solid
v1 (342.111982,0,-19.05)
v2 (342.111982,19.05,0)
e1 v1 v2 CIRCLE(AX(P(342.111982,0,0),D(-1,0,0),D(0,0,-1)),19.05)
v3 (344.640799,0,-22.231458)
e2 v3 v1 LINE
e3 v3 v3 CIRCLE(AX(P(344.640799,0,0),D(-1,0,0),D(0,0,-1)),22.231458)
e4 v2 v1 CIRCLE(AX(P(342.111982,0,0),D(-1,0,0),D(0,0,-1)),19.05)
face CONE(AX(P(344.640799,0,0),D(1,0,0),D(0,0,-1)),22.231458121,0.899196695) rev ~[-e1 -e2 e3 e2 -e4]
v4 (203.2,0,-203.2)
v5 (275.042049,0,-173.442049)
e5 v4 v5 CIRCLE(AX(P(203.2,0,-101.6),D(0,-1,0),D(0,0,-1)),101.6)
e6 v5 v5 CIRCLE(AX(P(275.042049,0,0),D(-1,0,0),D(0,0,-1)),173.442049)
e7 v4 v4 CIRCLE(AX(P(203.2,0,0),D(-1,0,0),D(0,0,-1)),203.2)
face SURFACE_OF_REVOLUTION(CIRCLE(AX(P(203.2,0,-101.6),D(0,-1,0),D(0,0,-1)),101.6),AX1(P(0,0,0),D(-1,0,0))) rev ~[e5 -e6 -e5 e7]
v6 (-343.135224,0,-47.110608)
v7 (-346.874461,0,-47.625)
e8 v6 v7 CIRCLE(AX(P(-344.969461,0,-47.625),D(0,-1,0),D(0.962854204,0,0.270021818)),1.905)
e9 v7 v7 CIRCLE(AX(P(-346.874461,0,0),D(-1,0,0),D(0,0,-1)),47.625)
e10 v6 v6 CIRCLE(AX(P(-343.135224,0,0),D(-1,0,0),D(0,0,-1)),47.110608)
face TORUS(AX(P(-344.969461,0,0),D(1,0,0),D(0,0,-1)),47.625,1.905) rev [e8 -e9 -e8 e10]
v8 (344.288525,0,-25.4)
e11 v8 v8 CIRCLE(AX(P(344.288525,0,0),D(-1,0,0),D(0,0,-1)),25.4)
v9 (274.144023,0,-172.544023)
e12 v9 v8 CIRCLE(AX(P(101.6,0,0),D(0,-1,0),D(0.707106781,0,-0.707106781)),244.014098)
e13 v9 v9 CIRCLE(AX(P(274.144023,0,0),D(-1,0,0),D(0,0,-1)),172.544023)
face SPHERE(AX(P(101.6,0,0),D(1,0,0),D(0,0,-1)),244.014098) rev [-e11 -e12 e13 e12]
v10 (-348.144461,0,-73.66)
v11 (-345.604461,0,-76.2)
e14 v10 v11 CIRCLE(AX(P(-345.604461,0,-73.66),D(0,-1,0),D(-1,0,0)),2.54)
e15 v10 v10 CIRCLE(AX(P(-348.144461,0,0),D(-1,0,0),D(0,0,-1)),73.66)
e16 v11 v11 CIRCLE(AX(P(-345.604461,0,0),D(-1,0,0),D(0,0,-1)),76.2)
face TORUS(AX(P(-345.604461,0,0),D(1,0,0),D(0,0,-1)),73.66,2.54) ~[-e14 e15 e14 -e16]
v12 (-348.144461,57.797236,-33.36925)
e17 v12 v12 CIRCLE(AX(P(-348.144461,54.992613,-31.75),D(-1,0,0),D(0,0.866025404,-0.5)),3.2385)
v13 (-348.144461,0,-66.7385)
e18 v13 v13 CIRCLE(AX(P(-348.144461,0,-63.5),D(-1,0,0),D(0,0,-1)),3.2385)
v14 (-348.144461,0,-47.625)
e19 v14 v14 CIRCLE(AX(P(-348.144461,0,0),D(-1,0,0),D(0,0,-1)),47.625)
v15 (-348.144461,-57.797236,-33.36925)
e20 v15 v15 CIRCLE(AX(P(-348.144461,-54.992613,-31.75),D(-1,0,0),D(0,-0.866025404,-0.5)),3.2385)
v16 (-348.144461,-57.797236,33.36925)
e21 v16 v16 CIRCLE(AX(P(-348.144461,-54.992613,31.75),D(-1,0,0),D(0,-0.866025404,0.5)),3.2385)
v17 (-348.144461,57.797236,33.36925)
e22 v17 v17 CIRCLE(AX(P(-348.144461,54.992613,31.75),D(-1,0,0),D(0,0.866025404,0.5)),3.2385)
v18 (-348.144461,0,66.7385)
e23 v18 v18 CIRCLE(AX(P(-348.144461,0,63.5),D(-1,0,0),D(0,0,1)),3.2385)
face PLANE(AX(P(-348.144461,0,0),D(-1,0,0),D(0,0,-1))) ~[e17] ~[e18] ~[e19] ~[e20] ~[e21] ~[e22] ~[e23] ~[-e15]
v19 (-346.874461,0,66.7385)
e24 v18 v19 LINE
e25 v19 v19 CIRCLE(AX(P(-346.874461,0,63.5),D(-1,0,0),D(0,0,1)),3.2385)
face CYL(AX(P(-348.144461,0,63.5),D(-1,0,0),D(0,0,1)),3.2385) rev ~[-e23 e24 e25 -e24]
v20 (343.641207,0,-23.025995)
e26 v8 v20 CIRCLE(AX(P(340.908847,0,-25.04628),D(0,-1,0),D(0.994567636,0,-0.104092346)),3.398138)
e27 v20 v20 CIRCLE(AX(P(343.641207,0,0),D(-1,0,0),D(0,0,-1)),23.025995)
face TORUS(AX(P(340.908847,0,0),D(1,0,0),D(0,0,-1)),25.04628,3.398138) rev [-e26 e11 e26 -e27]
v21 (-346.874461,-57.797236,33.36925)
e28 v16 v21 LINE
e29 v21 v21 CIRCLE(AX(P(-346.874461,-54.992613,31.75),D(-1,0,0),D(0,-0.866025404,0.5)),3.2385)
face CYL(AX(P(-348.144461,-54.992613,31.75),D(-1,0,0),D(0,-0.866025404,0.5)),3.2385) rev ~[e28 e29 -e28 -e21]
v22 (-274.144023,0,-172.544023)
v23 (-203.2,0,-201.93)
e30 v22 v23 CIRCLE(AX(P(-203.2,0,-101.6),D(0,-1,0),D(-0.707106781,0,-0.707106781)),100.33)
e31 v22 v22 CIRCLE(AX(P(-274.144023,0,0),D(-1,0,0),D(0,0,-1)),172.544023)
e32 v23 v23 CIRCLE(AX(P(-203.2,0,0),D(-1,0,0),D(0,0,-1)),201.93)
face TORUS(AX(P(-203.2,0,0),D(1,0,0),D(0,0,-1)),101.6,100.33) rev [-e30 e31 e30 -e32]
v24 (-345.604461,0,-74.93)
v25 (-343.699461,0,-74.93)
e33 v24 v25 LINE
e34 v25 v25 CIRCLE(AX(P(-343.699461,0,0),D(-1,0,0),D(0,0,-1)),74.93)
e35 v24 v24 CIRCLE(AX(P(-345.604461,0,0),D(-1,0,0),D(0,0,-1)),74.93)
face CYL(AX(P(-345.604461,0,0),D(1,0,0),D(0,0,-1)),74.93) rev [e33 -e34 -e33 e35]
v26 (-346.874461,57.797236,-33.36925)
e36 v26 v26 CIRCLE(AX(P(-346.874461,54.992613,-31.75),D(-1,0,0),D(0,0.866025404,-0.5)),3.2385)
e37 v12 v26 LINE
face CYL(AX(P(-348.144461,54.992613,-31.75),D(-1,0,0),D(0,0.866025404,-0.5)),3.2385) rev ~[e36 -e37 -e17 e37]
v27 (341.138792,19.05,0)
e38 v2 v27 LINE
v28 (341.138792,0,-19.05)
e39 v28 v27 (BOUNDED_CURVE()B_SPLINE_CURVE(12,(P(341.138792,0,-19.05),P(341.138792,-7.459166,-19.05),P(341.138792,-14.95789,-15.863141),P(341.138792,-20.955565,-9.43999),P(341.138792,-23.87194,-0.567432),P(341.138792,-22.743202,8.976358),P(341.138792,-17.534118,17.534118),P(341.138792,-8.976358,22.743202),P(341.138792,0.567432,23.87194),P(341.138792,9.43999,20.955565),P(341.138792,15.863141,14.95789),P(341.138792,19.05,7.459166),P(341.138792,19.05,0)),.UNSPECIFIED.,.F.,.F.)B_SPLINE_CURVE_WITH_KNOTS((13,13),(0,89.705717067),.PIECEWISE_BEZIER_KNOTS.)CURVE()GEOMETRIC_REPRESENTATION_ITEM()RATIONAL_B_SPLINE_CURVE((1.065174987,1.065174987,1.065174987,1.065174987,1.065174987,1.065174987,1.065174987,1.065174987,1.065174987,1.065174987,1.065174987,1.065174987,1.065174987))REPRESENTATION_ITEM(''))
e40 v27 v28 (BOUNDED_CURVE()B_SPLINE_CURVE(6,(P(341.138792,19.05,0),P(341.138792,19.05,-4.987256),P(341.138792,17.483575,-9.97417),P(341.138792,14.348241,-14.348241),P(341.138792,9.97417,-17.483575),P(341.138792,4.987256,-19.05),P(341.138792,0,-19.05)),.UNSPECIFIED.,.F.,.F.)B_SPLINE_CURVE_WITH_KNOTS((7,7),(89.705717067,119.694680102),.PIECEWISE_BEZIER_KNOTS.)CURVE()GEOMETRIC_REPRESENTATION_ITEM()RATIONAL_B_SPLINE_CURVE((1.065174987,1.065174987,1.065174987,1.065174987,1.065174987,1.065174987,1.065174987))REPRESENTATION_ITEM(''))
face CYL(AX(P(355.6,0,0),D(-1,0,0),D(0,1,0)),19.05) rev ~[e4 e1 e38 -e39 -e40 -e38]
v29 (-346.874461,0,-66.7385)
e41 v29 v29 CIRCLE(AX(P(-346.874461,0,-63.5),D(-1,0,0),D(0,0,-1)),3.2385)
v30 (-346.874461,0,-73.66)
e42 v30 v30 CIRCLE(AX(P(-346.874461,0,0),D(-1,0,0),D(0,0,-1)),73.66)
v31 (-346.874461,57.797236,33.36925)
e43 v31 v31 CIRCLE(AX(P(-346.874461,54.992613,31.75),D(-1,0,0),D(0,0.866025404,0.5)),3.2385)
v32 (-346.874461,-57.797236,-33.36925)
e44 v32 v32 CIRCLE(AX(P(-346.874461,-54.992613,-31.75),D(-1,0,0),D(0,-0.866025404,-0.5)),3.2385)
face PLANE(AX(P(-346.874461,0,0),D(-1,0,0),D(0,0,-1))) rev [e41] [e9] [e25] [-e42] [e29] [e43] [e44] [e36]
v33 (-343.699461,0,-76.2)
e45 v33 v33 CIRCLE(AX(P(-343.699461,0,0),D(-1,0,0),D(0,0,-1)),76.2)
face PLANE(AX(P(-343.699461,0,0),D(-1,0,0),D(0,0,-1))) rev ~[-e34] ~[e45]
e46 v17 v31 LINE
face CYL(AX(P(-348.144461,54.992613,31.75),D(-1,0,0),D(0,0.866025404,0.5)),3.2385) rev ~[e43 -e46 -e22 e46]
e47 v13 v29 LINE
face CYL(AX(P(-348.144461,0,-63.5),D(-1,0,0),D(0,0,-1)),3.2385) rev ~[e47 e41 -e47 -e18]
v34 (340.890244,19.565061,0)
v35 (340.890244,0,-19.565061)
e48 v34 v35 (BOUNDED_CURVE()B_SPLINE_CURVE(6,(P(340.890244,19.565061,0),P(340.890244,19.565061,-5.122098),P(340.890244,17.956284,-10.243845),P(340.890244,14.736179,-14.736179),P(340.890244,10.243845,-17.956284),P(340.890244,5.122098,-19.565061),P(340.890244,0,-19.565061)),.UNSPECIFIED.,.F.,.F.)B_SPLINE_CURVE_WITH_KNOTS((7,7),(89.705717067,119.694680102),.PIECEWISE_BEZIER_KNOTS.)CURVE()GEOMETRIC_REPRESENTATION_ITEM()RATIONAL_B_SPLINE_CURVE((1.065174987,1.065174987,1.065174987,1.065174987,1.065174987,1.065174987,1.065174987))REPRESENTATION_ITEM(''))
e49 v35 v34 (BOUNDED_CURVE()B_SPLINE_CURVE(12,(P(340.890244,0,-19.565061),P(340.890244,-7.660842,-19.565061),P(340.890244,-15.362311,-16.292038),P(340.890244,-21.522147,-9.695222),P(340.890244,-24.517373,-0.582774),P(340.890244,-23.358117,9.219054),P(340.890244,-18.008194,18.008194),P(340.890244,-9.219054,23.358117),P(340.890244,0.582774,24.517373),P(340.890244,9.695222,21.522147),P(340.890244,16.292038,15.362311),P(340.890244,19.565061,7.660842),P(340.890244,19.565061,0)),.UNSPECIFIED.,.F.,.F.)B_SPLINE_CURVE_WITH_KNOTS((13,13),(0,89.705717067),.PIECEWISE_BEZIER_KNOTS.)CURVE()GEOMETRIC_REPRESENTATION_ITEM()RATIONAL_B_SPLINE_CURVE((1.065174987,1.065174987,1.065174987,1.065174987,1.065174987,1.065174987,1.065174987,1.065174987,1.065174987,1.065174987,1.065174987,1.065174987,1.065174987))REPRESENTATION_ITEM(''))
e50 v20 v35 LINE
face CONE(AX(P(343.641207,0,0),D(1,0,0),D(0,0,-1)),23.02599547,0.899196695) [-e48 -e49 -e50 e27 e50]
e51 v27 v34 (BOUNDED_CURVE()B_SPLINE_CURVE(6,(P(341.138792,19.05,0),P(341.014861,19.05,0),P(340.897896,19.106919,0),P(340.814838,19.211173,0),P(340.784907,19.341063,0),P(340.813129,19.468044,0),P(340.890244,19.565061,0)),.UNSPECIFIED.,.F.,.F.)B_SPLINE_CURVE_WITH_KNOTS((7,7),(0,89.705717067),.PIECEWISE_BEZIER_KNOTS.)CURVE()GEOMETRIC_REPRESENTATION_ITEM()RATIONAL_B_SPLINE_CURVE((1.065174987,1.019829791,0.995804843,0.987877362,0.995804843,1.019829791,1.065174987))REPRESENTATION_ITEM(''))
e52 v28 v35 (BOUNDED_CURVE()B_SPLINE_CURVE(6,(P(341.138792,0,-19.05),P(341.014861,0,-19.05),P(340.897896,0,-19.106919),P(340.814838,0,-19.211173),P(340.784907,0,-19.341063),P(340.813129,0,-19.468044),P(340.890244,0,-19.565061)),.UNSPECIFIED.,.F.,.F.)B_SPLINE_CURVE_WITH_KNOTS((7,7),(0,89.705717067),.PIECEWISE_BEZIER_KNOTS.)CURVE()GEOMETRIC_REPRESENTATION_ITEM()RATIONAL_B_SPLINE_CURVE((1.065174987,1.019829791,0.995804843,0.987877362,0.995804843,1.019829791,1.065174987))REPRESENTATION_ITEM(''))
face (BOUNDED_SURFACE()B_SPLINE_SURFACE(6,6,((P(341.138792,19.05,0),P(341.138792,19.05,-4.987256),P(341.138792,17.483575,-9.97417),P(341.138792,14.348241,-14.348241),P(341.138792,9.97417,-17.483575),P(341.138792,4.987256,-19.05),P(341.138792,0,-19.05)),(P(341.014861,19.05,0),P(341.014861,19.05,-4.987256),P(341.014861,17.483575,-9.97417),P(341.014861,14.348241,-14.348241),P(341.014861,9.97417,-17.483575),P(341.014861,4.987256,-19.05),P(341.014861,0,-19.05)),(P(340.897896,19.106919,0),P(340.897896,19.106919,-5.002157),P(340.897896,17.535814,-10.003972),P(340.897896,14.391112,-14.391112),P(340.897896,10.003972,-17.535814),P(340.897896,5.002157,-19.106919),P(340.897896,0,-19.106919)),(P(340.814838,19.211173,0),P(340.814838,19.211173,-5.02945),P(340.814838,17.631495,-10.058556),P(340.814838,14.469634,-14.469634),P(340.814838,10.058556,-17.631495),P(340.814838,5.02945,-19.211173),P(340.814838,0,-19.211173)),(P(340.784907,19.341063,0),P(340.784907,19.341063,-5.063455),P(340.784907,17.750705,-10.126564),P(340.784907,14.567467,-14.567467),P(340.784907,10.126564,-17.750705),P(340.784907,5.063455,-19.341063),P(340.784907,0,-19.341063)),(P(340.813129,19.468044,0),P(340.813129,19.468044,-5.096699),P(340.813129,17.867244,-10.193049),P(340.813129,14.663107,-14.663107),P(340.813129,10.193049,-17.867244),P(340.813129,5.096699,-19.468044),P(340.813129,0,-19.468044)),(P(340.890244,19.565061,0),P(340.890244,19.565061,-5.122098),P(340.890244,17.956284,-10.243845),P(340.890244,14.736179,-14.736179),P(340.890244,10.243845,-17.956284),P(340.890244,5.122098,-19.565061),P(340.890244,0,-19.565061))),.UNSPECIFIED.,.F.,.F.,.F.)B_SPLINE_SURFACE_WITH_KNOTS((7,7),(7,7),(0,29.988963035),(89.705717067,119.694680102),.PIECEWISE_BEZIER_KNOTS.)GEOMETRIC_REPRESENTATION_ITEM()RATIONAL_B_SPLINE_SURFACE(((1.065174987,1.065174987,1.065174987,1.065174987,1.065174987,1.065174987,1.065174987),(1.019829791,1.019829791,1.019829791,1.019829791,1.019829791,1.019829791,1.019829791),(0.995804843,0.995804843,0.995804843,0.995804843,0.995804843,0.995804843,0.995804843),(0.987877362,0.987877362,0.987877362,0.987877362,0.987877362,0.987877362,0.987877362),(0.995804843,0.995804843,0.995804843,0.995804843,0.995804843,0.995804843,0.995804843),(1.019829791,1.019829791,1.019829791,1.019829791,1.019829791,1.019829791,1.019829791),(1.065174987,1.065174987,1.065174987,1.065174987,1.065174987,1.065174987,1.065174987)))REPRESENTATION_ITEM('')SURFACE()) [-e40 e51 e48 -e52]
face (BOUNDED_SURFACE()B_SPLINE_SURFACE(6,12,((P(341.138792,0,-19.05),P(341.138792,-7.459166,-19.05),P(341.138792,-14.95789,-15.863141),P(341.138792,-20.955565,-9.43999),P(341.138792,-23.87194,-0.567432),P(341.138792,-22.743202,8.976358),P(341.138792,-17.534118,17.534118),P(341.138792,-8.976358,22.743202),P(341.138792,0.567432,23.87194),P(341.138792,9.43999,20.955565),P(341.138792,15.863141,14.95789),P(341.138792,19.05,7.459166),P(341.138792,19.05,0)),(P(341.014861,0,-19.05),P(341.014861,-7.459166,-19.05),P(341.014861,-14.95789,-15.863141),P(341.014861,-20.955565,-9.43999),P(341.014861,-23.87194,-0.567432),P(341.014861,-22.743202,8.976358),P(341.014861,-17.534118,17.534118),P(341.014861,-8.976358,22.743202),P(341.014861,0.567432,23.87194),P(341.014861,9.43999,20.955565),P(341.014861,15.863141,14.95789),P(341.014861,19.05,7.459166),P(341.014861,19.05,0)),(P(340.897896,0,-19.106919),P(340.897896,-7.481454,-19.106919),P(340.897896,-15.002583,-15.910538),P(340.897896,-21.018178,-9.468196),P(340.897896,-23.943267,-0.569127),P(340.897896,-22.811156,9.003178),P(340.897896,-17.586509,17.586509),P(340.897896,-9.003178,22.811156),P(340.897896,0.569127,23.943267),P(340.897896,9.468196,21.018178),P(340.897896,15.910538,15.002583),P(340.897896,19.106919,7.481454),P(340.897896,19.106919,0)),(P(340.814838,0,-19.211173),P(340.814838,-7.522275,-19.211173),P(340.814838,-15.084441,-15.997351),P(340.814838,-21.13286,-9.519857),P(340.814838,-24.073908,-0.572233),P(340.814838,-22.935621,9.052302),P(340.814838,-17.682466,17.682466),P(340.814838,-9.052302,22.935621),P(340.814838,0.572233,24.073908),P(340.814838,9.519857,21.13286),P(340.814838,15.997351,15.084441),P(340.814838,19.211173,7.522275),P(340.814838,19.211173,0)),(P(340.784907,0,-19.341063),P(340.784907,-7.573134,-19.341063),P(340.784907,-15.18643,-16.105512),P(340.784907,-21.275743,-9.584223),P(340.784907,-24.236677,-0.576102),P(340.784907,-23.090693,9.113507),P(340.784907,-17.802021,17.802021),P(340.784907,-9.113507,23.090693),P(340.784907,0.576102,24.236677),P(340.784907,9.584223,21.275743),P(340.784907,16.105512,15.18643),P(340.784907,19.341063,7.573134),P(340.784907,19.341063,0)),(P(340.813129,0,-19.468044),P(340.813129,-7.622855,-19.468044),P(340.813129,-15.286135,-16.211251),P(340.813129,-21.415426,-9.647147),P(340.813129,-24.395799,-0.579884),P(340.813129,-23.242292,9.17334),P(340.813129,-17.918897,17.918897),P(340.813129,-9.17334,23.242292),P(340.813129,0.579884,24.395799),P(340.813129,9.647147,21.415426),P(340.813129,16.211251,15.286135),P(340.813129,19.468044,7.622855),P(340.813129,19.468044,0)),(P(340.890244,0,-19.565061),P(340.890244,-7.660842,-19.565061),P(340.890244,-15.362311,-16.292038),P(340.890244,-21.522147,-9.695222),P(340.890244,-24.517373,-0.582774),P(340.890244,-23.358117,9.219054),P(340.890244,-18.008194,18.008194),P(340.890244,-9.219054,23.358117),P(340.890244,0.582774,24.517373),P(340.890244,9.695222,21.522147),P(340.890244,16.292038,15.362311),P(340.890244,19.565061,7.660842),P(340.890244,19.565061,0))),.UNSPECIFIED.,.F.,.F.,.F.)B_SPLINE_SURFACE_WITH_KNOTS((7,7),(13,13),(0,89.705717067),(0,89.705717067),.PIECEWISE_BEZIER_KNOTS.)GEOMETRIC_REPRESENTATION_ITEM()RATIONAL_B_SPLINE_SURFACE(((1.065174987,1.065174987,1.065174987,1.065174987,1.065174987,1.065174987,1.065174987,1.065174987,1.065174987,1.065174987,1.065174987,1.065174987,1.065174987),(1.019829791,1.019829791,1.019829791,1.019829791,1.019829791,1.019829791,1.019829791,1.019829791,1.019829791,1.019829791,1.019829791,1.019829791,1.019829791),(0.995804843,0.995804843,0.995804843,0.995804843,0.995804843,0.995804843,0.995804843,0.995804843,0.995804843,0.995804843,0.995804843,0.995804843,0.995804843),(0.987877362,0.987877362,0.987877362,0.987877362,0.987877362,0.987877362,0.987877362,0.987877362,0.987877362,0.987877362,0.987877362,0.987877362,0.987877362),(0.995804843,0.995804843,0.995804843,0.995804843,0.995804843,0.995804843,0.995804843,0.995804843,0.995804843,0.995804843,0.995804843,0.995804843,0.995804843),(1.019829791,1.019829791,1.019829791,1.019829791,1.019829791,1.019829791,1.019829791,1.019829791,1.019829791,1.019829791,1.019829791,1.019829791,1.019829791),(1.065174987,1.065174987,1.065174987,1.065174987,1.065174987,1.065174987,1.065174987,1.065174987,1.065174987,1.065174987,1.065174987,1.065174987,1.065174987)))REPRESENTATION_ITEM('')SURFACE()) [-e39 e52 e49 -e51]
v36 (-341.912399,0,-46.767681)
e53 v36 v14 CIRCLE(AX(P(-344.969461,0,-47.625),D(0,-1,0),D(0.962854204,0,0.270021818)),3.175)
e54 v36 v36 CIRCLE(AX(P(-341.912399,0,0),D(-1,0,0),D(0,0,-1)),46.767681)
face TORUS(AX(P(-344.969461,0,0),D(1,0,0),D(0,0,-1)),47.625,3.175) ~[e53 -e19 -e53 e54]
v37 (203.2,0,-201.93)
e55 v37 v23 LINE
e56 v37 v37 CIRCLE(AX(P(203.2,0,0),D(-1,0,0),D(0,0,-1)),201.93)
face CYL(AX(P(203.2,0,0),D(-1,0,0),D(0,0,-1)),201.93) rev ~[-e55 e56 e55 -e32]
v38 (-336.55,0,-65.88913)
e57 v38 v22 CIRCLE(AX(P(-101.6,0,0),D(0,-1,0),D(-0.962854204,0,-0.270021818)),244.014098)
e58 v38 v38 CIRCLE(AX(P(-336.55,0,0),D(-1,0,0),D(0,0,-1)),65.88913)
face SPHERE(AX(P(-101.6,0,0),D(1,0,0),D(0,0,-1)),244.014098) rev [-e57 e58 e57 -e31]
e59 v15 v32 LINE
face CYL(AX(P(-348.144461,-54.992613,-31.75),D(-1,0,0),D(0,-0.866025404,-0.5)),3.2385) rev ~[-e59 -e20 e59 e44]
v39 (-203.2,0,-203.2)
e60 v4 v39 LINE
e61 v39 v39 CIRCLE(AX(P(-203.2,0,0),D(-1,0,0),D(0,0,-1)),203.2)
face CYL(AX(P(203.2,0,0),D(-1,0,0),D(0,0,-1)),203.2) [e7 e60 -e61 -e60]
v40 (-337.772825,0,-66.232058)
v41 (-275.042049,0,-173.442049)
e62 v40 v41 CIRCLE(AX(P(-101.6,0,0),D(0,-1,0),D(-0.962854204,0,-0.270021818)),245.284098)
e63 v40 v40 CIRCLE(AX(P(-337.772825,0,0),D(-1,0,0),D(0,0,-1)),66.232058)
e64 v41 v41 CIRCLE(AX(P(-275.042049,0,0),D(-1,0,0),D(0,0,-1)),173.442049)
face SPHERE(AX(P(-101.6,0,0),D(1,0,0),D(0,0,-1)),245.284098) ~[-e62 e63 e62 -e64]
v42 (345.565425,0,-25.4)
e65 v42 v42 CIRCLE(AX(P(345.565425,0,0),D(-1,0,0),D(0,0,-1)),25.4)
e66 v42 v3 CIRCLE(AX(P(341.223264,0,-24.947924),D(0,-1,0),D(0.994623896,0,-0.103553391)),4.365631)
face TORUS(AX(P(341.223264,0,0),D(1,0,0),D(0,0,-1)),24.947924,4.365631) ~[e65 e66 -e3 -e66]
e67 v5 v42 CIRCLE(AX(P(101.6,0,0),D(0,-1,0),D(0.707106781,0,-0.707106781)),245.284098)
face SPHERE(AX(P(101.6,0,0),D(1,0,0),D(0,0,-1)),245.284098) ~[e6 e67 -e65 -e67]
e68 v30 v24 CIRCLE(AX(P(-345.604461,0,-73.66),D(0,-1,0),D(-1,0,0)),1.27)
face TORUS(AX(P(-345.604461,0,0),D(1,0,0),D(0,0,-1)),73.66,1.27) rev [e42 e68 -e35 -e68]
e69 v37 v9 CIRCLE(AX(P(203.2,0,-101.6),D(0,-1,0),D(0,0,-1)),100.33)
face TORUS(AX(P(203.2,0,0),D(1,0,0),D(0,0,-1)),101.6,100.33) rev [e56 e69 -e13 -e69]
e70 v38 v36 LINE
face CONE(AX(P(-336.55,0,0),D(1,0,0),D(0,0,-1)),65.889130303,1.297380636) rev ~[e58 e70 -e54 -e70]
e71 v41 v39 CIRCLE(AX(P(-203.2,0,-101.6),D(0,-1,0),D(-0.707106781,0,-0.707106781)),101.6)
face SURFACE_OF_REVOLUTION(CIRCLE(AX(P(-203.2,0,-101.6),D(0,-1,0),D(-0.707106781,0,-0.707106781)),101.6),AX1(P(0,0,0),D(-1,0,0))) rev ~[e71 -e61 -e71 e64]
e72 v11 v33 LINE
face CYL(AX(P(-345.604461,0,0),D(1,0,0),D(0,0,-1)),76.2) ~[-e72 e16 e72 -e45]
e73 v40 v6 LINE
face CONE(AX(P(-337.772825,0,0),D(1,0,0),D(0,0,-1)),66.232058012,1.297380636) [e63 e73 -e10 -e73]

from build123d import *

# Parameters (mm, degrees)
SKETCH037_R             = 3.2385
POCKET004_DEPTH         = 1.27
POLARPATTERN004_COUNT   = 6
SKETCH129_R             = 19.05
POCKET009_DEPTH         = 101.6
FILLET012_R             = 0.3175
BODY003_PLACEMENT_ANGLE = 180


with BuildPart() as part:
    # Sketch012 → Revolution002 (revolve)
    with BuildSketch(Plane.XZ):
        with BuildLine():
            Line((-203.2, 203.2), (203.2, 203.2))
            ThreePointArc((275.0420489686, 173.4420489686), (242.0806367283, 195.4661605031), (203.2, 203.2))
            ThreePointArc((337.7728248389, 66.2320580115), (313.3063573711, 123.8737540785), (275.0420489686, 173.4420489686))
            Line((337.7728248389, 66.2320580115), (343.1352239987, 47.110608437))
            ThreePointArc((343.1352239987, 47.110608437), (345.2290792676, 45.737773599), (346.874461257, 47.625))
            Line((346.874461257, 47.625), (346.874461257, 73.66))
            ThreePointArc((346.874461257, 73.66), (346.5024868691, 74.5580256121), (345.604461257, 74.93))
            Line((345.604461257, 74.93), (343.699461257, 74.93))
            Line((343.699461257, 76.2), (343.699461257, 74.93))
            Line((345.604461257, 76.2), (343.699461257, 76.2))
            ThreePointArc((348.144461257, 73.66), (347.4005124812, 75.4560512242), (345.604461257, 76.2))
            Line((348.144461257, 47.625), (348.144461257, 73.66))
            ThreePointArc((341.9123991598, 46.7676807284), (345.4021579413, 44.479622665), (348.144461257, 47.625))
            Line((336.55, 65.8891303028), (341.9123991598, 46.7676807284))
            ThreePointArc((336.55, 65.8891303028), (312.2102118153, 123.2323767164), (274.1440233564, 172.5440233564))
            ThreePointArc((274.1440233564, 172.5440233564), (241.5946287692, 194.2928334969), (203.2, 201.93))
            Line((-203.2, 201.93), (203.2, 201.93))
            ThreePointArc((-203.2, 201.93), (-241.5946287692, 194.2928334969), (-274.1440233564, 172.5440233564))
            ThreePointArc((-274.1440233564, 172.5440233564), (-321.866561537, 105.0024850217), (-344.2885246402, 25.4))
            ThreePointArc((-344.2885246402, 25.4), (-344.1872955328, 24.1523479928), (-343.641206842, 23.0259954703))
            Line((-343.641206842, 23.0259954703), (-337.635355845, 15.4701462444))
            ThreePointArc((-336.6685246402, 12.7), (-336.9171764085, 14.1670099517), (-337.635355845, 15.4701462444))
            Line((-336.6685246402, 0), (-336.6685246402, 12.7))
            Line((-337.945425216, 0), (-336.6685246402, 0))
            Line((-337.945425216, 0), (-337.945425216, 12.7))
            ThreePointArc((-337.945425216, 12.7), (-338.1227583237, 13.7462400311), (-338.6349484933, 14.6756088835))
            Line((-344.6407994992, 22.2314581207), (-338.6349484933, 14.6756088835))
            ThreePointArc((-345.565425216, 25.4), (-345.4141037499, 23.7249773361), (-344.6407994992, 22.2314581207))
            ThreePointArc((-275.0420489686, 173.4420489686), (-323.0415542349, 105.4889888037), (-345.565425216, 25.4))
            ThreePointArc((-203.2, 203.2), (-242.0806367283, 195.4661605031), (-275.0420489686, 173.4420489686))
        make_face()
    revolve(axis=Axis((0, 0, 0), (1, 0, 0)))

    # Sketch037 (on Face13 of Revolution002) → Pocket004 (cut)
    with BuildSketch(Plane(origin=(348.144461257, 0, 0), x_dir=(0, 0, 1), z_dir=(1, 0, 0))):
        with Locations((63.5, 0)):
            Circle(SKETCH037_R)
    pocket004 = extrude(amount=-POCKET004_DEPTH, mode=Mode.SUBTRACT)

    # PolarPattern004: Pocket004 ×6 about axis
    polarpattern004_axis = Axis((348.144461257, 0, 0), (1, 0, 0))
    for i in range(1, POLARPATTERN004_COUNT):
        add(pocket004.rotate(polarpattern004_axis, i * 360 / POLARPATTERN004_COUNT), mode=Mode.SUBTRACT)

    # Sketch129 → Pocket009 (cut, symmetric)
    with BuildSketch(Plane.YZ.offset(-355.6)):
        Circle(SKETCH129_R)
    extrude(amount=POCKET009_DEPTH, both=True, mode=Mode.SUBTRACT)

    # Fillet012
    fillet012_edges = [part.edges().sort_by_distance(p)[0] for p in [
        (-340.480843, -13.470384, -13.470384),
    ]]
    fillet(fillet012_edges, radius=FILLET012_R)


with BuildPart() as part_1:
    # Body003 placement: moved
    add(part.part.rotate(Axis((0, 0, 0), (0, 1, 0)), BODY003_PLACEMENT_ANGLE))


solid = part_1.part
